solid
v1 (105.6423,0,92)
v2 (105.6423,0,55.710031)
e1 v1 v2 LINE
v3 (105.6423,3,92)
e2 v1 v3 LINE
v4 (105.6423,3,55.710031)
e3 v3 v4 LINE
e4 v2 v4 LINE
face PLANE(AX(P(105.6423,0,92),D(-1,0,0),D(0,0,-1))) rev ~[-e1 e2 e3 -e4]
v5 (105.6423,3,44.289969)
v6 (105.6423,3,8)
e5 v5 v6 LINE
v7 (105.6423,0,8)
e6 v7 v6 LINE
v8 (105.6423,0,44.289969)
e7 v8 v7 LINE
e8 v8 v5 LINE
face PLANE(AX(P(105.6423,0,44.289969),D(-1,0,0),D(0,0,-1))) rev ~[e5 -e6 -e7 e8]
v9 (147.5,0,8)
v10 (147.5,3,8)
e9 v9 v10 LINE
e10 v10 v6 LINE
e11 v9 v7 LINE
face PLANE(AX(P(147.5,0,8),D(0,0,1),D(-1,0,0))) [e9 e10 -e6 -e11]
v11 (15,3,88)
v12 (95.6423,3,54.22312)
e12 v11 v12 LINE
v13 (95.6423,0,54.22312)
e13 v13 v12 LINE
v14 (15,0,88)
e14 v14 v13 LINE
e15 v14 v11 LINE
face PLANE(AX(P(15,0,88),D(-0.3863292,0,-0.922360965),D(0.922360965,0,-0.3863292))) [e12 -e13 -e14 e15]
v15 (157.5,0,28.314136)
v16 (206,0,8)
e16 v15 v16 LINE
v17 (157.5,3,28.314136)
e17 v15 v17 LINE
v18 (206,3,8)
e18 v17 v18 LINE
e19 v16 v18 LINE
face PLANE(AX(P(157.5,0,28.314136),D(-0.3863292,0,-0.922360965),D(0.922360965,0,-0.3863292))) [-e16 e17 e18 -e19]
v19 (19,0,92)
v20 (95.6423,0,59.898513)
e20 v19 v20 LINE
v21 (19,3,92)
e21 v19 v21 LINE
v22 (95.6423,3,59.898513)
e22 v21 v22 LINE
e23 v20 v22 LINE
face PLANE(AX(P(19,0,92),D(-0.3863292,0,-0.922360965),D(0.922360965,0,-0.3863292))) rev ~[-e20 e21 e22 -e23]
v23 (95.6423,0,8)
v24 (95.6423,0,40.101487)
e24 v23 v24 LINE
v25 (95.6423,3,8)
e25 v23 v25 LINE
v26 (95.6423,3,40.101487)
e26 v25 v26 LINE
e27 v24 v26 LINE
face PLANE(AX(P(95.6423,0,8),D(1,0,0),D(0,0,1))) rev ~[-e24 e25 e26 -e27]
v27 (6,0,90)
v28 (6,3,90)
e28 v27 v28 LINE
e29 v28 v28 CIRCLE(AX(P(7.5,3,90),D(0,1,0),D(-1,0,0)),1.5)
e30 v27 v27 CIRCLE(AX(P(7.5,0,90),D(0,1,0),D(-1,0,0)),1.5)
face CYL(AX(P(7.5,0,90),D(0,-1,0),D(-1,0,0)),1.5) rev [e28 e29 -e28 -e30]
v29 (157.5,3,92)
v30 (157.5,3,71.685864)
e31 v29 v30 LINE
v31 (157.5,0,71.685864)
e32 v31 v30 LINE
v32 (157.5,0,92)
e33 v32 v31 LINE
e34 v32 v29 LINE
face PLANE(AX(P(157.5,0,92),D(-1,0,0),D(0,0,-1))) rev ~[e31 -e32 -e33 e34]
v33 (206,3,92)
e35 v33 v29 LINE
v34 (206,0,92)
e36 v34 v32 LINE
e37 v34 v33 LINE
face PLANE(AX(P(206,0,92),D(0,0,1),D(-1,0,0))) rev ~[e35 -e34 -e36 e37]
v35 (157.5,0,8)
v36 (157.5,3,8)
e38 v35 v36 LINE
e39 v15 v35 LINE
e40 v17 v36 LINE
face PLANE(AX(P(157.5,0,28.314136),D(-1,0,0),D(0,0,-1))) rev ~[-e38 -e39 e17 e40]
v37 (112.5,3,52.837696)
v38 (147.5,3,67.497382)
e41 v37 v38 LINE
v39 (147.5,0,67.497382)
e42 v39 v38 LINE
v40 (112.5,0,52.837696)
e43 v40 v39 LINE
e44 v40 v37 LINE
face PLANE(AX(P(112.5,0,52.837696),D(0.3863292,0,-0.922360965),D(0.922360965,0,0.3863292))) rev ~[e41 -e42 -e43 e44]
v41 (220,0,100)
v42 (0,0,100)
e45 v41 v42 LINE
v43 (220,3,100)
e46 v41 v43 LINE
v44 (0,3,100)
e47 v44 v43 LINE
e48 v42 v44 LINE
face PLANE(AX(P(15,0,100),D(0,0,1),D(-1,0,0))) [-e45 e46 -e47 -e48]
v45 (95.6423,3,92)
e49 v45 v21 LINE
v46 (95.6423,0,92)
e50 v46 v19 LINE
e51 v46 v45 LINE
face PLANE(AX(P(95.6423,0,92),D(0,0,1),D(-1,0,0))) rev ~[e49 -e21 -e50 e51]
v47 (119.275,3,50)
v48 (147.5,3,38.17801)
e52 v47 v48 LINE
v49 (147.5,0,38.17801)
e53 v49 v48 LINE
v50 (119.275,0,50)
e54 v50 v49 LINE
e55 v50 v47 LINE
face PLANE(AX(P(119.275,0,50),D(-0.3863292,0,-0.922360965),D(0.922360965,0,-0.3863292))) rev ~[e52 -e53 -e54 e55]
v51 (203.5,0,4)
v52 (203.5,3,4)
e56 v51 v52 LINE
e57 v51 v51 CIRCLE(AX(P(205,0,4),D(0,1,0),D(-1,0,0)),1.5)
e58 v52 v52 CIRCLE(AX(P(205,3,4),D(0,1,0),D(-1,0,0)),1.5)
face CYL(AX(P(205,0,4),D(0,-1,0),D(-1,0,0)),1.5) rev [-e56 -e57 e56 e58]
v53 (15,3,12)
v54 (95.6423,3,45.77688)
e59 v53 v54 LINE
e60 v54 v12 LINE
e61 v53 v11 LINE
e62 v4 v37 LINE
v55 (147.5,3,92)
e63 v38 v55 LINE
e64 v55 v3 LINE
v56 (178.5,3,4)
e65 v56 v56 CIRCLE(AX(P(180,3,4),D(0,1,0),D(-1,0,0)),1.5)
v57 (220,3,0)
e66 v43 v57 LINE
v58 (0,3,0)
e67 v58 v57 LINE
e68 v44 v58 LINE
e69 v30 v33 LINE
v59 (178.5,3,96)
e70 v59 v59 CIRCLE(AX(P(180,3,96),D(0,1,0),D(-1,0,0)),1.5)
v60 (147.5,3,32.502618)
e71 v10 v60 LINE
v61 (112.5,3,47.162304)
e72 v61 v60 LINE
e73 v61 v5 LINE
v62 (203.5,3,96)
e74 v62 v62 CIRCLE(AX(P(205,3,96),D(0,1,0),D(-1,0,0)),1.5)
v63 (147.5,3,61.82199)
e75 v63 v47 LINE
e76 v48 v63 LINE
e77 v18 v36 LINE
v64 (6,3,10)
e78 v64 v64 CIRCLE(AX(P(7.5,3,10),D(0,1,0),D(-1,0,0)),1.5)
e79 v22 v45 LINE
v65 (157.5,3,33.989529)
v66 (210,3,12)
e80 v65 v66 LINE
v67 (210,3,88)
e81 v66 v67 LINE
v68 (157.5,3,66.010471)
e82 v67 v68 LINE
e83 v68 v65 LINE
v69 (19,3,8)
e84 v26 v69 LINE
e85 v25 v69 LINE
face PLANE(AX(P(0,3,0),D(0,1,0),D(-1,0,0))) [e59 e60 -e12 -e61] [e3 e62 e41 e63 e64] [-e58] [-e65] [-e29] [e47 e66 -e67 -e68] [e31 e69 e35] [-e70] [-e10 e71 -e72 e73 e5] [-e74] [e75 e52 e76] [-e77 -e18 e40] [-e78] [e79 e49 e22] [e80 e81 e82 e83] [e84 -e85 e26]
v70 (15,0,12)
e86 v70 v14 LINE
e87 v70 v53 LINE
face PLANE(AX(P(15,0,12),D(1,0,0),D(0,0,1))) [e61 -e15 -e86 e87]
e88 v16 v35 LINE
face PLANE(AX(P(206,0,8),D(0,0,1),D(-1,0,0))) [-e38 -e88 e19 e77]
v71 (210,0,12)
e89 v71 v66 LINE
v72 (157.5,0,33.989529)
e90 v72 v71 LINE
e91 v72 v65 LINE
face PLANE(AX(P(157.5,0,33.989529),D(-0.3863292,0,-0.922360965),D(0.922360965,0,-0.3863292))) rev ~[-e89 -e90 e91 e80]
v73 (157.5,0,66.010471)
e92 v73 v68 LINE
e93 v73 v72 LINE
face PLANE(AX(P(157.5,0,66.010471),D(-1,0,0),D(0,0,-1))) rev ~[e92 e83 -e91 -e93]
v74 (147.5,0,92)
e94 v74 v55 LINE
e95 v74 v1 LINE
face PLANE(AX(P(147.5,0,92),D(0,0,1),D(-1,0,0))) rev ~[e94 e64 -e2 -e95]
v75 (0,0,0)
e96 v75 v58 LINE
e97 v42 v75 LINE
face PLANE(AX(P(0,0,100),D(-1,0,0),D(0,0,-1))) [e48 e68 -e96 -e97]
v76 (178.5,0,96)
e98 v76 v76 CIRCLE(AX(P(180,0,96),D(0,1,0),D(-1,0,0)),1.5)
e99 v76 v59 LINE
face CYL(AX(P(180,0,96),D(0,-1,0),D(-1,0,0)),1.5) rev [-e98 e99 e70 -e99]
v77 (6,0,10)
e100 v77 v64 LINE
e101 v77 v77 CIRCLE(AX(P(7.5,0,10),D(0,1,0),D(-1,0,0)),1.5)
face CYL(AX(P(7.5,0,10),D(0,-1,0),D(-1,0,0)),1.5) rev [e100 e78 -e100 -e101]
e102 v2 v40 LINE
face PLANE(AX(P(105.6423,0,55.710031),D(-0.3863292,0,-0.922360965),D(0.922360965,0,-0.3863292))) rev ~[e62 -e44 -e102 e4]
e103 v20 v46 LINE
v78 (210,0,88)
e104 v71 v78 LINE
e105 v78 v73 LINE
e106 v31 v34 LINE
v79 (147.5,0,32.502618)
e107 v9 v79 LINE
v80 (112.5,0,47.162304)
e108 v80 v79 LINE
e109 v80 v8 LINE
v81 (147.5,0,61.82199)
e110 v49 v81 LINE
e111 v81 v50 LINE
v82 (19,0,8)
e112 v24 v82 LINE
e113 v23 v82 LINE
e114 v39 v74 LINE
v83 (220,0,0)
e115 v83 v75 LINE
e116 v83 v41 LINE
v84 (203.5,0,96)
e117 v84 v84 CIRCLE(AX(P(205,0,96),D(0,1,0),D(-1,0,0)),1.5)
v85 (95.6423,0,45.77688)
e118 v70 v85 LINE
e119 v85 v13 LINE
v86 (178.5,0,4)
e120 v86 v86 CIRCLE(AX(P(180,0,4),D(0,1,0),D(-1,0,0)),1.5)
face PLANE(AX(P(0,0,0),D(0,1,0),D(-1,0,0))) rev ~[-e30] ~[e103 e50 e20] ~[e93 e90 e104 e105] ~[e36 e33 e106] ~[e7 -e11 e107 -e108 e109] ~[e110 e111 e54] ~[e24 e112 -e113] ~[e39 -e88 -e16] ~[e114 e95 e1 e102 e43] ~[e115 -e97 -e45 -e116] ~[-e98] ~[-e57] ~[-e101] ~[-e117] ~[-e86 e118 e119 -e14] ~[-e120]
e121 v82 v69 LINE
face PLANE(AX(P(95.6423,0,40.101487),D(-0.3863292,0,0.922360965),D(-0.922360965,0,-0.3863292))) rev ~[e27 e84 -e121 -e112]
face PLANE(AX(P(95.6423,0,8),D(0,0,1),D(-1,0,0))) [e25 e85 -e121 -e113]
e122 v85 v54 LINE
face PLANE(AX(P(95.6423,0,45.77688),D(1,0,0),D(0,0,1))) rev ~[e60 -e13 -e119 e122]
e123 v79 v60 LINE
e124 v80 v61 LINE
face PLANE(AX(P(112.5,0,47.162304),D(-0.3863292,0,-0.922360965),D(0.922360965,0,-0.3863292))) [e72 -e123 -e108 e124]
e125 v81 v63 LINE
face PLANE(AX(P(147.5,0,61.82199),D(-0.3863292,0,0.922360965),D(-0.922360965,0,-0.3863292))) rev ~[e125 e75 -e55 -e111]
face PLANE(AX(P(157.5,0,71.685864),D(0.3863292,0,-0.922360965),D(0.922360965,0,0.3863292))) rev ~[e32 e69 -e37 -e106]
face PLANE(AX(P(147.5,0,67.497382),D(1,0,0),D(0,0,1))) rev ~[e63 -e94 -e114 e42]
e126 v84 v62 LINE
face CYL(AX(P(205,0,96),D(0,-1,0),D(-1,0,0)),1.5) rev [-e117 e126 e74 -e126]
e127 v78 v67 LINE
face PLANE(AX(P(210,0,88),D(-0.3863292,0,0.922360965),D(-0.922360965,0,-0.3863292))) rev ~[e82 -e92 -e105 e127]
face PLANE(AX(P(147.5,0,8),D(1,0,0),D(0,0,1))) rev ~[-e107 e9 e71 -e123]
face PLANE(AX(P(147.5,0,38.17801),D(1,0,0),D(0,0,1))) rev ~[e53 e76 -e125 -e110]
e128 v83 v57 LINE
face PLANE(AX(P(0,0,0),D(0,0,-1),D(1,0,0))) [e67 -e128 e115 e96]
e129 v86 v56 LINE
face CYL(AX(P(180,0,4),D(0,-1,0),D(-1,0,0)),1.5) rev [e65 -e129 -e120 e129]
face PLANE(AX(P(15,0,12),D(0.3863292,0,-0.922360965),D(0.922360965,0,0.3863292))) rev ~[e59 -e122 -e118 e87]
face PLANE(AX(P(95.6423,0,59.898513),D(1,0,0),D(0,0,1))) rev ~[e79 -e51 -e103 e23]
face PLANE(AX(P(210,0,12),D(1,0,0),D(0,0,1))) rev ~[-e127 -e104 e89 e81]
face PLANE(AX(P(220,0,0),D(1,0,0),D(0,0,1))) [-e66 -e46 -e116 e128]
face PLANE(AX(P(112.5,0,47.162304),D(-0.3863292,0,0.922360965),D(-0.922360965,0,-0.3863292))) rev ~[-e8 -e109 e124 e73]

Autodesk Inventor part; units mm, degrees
ref_plane "YZ Plane" through (0, 0, 0) normal (1, 0, 0) x (0, 1, 0)
ref_plane "XZ Plane" through (0, 0, 0) normal (0, 1, 0) x (-1, 0, 0)
ref_plane "XY Plane" through (0, 0, 0) normal (0, 0, 1) x (1, 0, 0)
sketch "Szkic1" plane through (0, 0, 0) normal (0, 1, 0) x (-1, 0, 0)
  point P0 (0, 0)
sketch "Szkic2" plane through (0, 0, 0) normal (0, 1, 0) x (-1, 0, 0)
  line L0 (0, 0) -> (-15, 0)
  line L1 (-15, 0) -> (-15, 100)
  line L2 (-15, 100) -> (0, 100)
  line L3 (0, 100) -> (0, 0)
  line L4 (-7.5, 100) -> (-7.5, 90) construction
  line L5 (-7.5, 0) -> (-7.5, 10) construction
  circle A0 centre (-7.5, 90) radius 1.5
  circle A1 centre (-7.5, 10) radius 1.5
  line L6 (-15, 100) -> (-220, 100)
  line L7 (-220, 100) -> (-220, 92)
  line L8 (-220, 92) -> (-15, 92)
  line L9 (-15, 92) -> (-15, 100)
  line L10 (-15, 0) -> (-220, 0)
  line L11 (-220, 0) -> (-220, 8)
  line L12 (-220, 8) -> (-15, 8)
  line L13 (-15, 8) -> (-15, 0)
  line L14 (-15, 92) -> (-19, 92) construction
  line L15 (-15, 92) -> (-15, 88) construction
  line L16 (-220, 8) -> (-216, 8) construction
  line L17 (-220, 8) -> (-210, 8)
  line L18 (-210, 8) -> (-210, 92)
  line L19 (-210, 92) -> (-220, 92)
  line L20 (-220, 92) -> (-220, 8)
  line L21 (-210, 8) -> (-206, 8) construction
  line L22 (-210, 8) -> (-210, 12) construction
  line L23 (-15, 88) -> (-206, 8)
  line L24 (-19, 92) -> (-210, 12)
  line L25 (-15, 8) -> (-15, 12) construction
  line L26 (-15, 8) -> (-19, 8) construction
  line L27 (-210, 92) -> (-206, 92) construction
  line L28 (-210, 92) -> (-210, 88) construction
  line L29 (-210, 88) -> (-19, 8)
  line L30 (-15, 12) -> (-206, 92)
  line L31 (-220, 96) -> (-205, 96) construction
  line L32 (-220, 4) -> (-205, 4) construction
  circle A2 centre (-205, 96) radius 1.5
  circle A3 centre (-205, 4) radius 1.5
  line L33 (-205, 96) -> (-180, 96) construction
  line L34 (-205, 4) -> (-180, 4) construction
  circle A4 centre (-180, 96) radius 1.5
  circle A5 centre (-180, 4) radius 1.5
  line L35 (-220, 100) -> (-95, 100) construction
  line L36 (-95.6423, 92) -> (-105.6423, 92)
  line L37 (-105.6423, 92) -> (-105.6423, 8)
  line L38 (-105.6423, 8) -> (-95.6423, 8)
  line L39 (-95.6423, 8) -> (-95.6423, 92)
  line L40 (-220, 0) -> (-157.5, 0) construction
  line L41 (-157.5, 8) -> (-147.5, 8)
  line L42 (-147.5, 8) -> (-147.5, 92)
  line L43 (-147.5, 92) -> (-157.5, 92)
  line L44 (-157.5, 92) -> (-157.5, 8)
  point P0 (-105.725, 50)
  point P1 (-105.6423, 50.0346)
  point P2 (-105.6423, 49.9654)
  point P3 (-112.5, 52.8377)
  point P4 (-147.5, 67.4974)
  point P5 (-105.6423, 55.71)
  point P6 (-119.275, 50)
  point P7 (-147.5, 38.178)
  point P8 (-147.5, 61.822)
  point P9 (-112.5, 47.1623)
  point P10 (-105.6423, 44.29)
  point P11 (-147.5, 32.5026)
  point P12 (-157.5, 66.0105)
  point P13 (-157.5, 33.9895)
  point P14 (-157.5, 28.3141)
  point P15 (-157.5, 71.6859)
  point P16 (-95.6423, 59.8985)
  point P17 (-95.6423, 45.7769)
  point P18 (-95.6423, 54.2231)
  point P19 (-95.6423, 40.1015)
  dimension "d0" = 15
  dimension "d1" = 100
  dimension "d2" = 10
  dimension "d3" = 10
  dimension "d4" = 3
  dimension "d5" = 3
  dimension "d6" = 205
  dimension "d7" = 8
  dimension "d8" = 205
  dimension "d9" = 8
  dimension "d10" = 4
  dimension "d11" = 4
  dimension "d12" = 4
  dimension "d13" = 10
  dimension "d14" = 4
  dimension "d15" = 4
  dimension "d16" = 4
  dimension "d17" = 4
  dimension "d18" = 207.0773
  dimension "d19" = 15
  dimension "d20" = 15
  dimension "d21" = 3
  dimension "d22" = 3
  dimension "d23" = 25
  dimension "d24" = 3
  dimension "d25" = 3
  dimension "d26" = 125
  dimension "d27" = 10
  dimension "d28" = 10
extrude "Wyciągnięcie proste1" add sketch "Szkic2" along normal blind 3 contours L0 L1 L2 L3 | L10 L11 L12 L1 | L12 L29 L39 L30 L1 | L1 L8 L7 L6 | L20 L8 L18 L12 | L1 L23 L39 L24 L8 | L39 L29 L37 L30 | L30 L37 L23 L39 | L12 L37 L29 L39 | L18 L24 L44 L23 L12 | L23 L37 L24 L39 | L37 L29 L23 L30 | L30 L23 L37 | L8 L30 L44 L29 L18 | L39 L24 L37 L8 | L23 L30 L24 L37 | L23 L29 L24 L30 | L12 L44 L23 L42 | L23 L42 L24 L29 | L44 L24 L42 L23 | L44 L29 L42 L24 | L24 L29 L42 L30 | L44 L30 L42 L29 | L8 L42 L30 L44
properties part number "lf-esp"
